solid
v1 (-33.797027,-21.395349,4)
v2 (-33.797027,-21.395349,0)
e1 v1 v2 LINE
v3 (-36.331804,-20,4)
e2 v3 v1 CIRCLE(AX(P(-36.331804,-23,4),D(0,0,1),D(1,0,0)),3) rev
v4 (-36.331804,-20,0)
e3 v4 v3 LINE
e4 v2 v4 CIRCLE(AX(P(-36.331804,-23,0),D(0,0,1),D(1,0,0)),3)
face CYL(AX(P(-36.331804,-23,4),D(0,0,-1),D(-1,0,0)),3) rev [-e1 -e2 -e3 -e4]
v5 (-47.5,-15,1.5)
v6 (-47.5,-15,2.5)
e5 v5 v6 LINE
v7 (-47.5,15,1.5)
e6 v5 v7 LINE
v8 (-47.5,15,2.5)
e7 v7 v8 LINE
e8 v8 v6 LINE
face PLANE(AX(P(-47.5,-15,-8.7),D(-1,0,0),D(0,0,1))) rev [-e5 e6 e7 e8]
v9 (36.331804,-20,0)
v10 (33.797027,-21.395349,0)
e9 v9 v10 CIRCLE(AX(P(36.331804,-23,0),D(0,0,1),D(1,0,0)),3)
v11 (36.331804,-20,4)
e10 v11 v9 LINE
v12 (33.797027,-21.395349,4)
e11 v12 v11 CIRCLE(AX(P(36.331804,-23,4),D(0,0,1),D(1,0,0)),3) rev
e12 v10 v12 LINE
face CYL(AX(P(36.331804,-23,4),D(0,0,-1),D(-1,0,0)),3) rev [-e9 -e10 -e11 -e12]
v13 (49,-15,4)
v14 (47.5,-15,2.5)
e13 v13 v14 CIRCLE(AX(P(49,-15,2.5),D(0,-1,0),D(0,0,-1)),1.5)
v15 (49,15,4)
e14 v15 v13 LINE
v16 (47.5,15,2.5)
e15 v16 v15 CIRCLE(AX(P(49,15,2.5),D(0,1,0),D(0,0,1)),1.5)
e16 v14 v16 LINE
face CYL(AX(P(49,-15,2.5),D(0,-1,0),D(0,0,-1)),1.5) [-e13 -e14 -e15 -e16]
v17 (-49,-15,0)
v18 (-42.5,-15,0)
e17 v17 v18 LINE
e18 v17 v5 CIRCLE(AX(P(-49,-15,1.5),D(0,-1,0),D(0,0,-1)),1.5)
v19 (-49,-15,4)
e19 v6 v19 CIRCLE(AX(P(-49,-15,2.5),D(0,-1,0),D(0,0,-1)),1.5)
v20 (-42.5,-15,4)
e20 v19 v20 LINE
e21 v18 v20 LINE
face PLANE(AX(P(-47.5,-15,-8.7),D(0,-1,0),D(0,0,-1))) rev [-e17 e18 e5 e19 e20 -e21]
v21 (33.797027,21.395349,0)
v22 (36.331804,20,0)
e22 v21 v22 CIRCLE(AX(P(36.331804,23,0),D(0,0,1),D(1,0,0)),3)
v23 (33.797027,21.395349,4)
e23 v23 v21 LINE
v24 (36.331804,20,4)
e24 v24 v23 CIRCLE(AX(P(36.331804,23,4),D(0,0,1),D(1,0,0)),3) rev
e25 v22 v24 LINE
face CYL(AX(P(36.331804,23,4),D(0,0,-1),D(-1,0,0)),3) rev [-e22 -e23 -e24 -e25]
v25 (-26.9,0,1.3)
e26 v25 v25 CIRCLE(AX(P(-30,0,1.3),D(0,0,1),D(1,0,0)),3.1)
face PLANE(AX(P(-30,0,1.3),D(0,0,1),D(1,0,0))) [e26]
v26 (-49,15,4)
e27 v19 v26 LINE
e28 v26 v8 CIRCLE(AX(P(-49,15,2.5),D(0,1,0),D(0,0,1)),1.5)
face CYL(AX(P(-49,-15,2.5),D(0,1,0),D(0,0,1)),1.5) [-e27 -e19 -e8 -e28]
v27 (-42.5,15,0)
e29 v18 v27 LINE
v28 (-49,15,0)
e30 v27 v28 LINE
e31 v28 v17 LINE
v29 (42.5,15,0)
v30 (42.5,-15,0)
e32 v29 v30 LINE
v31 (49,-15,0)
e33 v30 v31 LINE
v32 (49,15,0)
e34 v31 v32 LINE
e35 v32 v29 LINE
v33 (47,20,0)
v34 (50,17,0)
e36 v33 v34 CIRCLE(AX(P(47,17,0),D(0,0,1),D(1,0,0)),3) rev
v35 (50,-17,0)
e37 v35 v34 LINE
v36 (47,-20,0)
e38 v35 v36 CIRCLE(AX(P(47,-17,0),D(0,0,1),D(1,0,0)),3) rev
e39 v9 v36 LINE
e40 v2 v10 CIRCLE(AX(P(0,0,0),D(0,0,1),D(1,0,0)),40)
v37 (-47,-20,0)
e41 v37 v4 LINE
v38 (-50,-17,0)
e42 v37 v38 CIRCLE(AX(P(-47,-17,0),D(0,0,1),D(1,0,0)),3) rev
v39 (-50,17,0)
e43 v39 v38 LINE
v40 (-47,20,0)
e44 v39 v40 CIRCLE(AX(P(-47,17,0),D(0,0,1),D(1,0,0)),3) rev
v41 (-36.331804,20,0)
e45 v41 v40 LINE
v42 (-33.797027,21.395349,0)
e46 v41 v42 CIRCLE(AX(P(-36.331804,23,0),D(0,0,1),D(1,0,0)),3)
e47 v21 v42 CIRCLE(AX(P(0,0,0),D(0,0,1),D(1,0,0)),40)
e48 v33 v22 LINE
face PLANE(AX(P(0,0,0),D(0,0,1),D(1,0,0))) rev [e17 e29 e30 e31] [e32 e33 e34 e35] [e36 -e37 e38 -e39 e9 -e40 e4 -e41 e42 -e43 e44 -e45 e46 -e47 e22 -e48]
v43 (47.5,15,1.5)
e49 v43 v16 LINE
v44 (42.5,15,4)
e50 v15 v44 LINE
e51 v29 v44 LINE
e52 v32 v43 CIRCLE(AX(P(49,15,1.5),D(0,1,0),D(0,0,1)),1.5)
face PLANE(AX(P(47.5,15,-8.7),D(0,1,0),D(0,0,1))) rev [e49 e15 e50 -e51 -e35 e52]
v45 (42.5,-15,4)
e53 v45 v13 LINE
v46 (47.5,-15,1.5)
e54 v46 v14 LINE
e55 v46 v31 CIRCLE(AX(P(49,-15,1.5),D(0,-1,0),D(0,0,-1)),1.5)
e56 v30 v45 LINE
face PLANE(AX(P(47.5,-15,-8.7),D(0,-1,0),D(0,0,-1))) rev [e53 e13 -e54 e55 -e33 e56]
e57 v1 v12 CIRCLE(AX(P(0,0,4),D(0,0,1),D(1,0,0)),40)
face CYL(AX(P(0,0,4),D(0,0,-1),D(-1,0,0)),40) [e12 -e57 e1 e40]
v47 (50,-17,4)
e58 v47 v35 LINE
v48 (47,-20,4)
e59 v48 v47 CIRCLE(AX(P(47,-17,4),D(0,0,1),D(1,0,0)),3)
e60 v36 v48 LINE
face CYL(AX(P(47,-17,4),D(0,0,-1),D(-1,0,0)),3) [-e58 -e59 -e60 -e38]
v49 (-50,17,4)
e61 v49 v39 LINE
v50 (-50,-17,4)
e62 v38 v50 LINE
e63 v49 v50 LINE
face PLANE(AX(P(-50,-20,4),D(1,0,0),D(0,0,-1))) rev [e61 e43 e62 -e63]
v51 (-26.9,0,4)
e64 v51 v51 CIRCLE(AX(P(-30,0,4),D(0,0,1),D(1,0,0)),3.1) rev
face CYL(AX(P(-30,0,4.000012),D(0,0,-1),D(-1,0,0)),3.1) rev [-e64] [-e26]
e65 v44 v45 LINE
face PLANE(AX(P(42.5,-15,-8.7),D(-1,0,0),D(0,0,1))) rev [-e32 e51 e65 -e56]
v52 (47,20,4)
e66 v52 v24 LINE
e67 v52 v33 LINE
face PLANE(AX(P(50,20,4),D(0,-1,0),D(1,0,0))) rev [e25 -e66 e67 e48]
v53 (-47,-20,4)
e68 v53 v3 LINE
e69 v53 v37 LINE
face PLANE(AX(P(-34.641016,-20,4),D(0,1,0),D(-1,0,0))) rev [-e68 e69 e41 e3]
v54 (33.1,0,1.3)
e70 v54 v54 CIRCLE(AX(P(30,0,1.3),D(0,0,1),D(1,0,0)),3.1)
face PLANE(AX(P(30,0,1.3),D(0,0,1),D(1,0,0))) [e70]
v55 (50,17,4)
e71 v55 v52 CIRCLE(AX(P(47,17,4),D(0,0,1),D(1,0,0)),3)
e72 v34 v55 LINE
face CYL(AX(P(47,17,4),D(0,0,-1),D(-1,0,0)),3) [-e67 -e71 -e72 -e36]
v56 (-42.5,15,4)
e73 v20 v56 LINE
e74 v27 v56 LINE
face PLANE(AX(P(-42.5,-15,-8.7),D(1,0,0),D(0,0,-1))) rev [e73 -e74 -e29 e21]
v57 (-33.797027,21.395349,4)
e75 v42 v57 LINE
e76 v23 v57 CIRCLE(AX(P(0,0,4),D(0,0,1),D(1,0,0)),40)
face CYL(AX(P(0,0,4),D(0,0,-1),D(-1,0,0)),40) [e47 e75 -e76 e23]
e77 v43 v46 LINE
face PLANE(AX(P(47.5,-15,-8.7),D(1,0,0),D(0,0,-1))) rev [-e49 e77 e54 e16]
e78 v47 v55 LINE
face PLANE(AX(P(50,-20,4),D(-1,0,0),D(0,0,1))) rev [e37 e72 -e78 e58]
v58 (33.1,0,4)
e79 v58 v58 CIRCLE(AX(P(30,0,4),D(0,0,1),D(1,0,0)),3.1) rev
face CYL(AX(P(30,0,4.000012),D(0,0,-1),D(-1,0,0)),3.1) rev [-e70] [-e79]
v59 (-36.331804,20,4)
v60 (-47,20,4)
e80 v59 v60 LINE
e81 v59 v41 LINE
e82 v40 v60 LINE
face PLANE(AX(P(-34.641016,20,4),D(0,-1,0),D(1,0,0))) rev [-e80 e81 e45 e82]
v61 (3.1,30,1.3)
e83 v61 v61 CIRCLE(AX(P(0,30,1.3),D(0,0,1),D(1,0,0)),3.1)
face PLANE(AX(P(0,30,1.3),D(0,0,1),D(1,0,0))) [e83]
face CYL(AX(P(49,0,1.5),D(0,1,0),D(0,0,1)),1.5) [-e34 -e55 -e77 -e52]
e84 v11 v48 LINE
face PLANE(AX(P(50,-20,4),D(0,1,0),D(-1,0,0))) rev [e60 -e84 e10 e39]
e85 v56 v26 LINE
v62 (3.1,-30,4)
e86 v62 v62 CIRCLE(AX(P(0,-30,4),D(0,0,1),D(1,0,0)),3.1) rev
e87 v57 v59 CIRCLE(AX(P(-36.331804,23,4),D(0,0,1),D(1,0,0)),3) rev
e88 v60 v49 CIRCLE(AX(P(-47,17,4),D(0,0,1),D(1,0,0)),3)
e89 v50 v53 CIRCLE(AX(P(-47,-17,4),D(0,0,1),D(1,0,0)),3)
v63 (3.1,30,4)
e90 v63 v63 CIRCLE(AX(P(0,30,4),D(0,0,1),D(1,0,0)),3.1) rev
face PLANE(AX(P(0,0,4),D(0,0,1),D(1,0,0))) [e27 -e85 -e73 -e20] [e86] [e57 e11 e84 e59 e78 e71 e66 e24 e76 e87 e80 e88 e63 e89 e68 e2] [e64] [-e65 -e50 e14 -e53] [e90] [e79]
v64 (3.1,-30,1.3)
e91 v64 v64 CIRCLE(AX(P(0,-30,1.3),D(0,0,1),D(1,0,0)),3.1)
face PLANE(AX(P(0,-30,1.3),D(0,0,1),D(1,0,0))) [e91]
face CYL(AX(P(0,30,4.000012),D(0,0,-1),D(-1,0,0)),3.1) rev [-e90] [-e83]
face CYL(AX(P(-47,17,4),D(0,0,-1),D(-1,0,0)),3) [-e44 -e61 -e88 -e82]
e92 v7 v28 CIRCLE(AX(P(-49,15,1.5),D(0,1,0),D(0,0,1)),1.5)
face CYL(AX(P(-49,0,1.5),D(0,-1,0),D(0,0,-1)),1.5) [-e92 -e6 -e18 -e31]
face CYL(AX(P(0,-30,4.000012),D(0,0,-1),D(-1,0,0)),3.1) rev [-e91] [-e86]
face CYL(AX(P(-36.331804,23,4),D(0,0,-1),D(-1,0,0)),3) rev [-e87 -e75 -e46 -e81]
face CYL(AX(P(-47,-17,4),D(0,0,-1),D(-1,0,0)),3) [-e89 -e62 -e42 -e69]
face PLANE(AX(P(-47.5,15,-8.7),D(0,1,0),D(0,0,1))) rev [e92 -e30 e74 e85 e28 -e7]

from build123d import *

# Parameters (mm, degrees)
BOSS_EXTRU_1_DEPTH           = 4
ESQUISSE2_R                  = 3.1
ENL_V_MAT_EXTRU_1_DEPTH      = 1
ENL_V_MAT_EXTRU_1_DEPTH_BACK = 2.7
ESQUISSE3_W                  = 5
ESQUISSE3_H                  = 30
ENL_V_MAT_EXTRU_2_DEPTH      = 12.7
CONG_1_R                     = 1.5
CONG_2_R                     = 3
CONG_3_R                     = 3


with BuildPart() as part:
    # Esquisse1 → Boss.-Extru.1 (new body)
    with BuildSketch(Plane.XY):
        with BuildLine():
            Line((-34.641016151, -20), (-50, -20))
            Line((-50, -20), (-50, 20))
            Line((-50, 20), (-34.641016151, 20))
            ThreePointArc((-34.641016151, 20), (0, 40), (34.641016151, 20))
            Line((34.641016151, 20), (50, 20))
            Line((50, 20), (50, -20))
            Line((50, -20), (34.641016151, -20))
            ThreePointArc((34.641016151, -20), (0, -40), (-34.641016151, -20))
        make_face()
    extrude(amount=BOSS_EXTRU_1_DEPTH)

    # Esquisse2 → Enlèv. mat.-Extru.1 (cut, two sides)
    with BuildSketch(Plane.XY.offset(4)) as enl_v_mat_extru_1_sk:
        with Locations((0, 30)):
            Circle(ESQUISSE2_R)
        with Locations((30, 0)):
            Circle(ESQUISSE2_R)
        with Locations((0, -30)):
            Circle(ESQUISSE2_R)
        with Locations((-30, 0)):
            Circle(ESQUISSE2_R)
    extrude(amount=ENL_V_MAT_EXTRU_1_DEPTH, mode=Mode.SUBTRACT)
    extrude(enl_v_mat_extru_1_sk.sketch, amount=-ENL_V_MAT_EXTRU_1_DEPTH_BACK, mode=Mode.SUBTRACT)

    # Esquisse3 → Enlèv. mat.-Extru.2 (cut)
    with BuildSketch(Plane.XY.offset(4)):
        with Locations((-45, 0)):
            Rectangle(ESQUISSE3_W, ESQUISSE3_H)
        with Locations((45, 0)):
            Rectangle(ESQUISSE3_W, ESQUISSE3_H)
    extrude(amount=-ENL_V_MAT_EXTRU_2_DEPTH, mode=Mode.SUBTRACT)

    # Congé1
    cong_1_edges = [part.edges().sort_by_distance(p)[0] for p in [
        (47.5, 0, 0),
        (-47.5, 0, 0),
        (-47.5, 0, 4),
        (47.5, 0, 4),
    ]]
    fillet(cong_1_edges, radius=CONG_1_R)

    # Congé2
    cong_2_edges = [part.edges().sort_by_distance(p)[0] for p in [
        (50, 20, 2),
        (50, -20, 2),
        (-50, -20, 2),
        (-50, 20, 2),
    ]]
    fillet(cong_2_edges, radius=CONG_2_R)

    # Congé3
    cong_3_edges = [part.edges().sort_by_distance(p)[0] for p in [
        (34.641016151, 20, 2),
        (34.641016151, -20, 2),
        (-34.641016151, -20, 2),
        (-34.641016151, 20, 2),
    ]]
    fillet(cong_3_edges, radius=CONG_3_R)


solid = part.part
